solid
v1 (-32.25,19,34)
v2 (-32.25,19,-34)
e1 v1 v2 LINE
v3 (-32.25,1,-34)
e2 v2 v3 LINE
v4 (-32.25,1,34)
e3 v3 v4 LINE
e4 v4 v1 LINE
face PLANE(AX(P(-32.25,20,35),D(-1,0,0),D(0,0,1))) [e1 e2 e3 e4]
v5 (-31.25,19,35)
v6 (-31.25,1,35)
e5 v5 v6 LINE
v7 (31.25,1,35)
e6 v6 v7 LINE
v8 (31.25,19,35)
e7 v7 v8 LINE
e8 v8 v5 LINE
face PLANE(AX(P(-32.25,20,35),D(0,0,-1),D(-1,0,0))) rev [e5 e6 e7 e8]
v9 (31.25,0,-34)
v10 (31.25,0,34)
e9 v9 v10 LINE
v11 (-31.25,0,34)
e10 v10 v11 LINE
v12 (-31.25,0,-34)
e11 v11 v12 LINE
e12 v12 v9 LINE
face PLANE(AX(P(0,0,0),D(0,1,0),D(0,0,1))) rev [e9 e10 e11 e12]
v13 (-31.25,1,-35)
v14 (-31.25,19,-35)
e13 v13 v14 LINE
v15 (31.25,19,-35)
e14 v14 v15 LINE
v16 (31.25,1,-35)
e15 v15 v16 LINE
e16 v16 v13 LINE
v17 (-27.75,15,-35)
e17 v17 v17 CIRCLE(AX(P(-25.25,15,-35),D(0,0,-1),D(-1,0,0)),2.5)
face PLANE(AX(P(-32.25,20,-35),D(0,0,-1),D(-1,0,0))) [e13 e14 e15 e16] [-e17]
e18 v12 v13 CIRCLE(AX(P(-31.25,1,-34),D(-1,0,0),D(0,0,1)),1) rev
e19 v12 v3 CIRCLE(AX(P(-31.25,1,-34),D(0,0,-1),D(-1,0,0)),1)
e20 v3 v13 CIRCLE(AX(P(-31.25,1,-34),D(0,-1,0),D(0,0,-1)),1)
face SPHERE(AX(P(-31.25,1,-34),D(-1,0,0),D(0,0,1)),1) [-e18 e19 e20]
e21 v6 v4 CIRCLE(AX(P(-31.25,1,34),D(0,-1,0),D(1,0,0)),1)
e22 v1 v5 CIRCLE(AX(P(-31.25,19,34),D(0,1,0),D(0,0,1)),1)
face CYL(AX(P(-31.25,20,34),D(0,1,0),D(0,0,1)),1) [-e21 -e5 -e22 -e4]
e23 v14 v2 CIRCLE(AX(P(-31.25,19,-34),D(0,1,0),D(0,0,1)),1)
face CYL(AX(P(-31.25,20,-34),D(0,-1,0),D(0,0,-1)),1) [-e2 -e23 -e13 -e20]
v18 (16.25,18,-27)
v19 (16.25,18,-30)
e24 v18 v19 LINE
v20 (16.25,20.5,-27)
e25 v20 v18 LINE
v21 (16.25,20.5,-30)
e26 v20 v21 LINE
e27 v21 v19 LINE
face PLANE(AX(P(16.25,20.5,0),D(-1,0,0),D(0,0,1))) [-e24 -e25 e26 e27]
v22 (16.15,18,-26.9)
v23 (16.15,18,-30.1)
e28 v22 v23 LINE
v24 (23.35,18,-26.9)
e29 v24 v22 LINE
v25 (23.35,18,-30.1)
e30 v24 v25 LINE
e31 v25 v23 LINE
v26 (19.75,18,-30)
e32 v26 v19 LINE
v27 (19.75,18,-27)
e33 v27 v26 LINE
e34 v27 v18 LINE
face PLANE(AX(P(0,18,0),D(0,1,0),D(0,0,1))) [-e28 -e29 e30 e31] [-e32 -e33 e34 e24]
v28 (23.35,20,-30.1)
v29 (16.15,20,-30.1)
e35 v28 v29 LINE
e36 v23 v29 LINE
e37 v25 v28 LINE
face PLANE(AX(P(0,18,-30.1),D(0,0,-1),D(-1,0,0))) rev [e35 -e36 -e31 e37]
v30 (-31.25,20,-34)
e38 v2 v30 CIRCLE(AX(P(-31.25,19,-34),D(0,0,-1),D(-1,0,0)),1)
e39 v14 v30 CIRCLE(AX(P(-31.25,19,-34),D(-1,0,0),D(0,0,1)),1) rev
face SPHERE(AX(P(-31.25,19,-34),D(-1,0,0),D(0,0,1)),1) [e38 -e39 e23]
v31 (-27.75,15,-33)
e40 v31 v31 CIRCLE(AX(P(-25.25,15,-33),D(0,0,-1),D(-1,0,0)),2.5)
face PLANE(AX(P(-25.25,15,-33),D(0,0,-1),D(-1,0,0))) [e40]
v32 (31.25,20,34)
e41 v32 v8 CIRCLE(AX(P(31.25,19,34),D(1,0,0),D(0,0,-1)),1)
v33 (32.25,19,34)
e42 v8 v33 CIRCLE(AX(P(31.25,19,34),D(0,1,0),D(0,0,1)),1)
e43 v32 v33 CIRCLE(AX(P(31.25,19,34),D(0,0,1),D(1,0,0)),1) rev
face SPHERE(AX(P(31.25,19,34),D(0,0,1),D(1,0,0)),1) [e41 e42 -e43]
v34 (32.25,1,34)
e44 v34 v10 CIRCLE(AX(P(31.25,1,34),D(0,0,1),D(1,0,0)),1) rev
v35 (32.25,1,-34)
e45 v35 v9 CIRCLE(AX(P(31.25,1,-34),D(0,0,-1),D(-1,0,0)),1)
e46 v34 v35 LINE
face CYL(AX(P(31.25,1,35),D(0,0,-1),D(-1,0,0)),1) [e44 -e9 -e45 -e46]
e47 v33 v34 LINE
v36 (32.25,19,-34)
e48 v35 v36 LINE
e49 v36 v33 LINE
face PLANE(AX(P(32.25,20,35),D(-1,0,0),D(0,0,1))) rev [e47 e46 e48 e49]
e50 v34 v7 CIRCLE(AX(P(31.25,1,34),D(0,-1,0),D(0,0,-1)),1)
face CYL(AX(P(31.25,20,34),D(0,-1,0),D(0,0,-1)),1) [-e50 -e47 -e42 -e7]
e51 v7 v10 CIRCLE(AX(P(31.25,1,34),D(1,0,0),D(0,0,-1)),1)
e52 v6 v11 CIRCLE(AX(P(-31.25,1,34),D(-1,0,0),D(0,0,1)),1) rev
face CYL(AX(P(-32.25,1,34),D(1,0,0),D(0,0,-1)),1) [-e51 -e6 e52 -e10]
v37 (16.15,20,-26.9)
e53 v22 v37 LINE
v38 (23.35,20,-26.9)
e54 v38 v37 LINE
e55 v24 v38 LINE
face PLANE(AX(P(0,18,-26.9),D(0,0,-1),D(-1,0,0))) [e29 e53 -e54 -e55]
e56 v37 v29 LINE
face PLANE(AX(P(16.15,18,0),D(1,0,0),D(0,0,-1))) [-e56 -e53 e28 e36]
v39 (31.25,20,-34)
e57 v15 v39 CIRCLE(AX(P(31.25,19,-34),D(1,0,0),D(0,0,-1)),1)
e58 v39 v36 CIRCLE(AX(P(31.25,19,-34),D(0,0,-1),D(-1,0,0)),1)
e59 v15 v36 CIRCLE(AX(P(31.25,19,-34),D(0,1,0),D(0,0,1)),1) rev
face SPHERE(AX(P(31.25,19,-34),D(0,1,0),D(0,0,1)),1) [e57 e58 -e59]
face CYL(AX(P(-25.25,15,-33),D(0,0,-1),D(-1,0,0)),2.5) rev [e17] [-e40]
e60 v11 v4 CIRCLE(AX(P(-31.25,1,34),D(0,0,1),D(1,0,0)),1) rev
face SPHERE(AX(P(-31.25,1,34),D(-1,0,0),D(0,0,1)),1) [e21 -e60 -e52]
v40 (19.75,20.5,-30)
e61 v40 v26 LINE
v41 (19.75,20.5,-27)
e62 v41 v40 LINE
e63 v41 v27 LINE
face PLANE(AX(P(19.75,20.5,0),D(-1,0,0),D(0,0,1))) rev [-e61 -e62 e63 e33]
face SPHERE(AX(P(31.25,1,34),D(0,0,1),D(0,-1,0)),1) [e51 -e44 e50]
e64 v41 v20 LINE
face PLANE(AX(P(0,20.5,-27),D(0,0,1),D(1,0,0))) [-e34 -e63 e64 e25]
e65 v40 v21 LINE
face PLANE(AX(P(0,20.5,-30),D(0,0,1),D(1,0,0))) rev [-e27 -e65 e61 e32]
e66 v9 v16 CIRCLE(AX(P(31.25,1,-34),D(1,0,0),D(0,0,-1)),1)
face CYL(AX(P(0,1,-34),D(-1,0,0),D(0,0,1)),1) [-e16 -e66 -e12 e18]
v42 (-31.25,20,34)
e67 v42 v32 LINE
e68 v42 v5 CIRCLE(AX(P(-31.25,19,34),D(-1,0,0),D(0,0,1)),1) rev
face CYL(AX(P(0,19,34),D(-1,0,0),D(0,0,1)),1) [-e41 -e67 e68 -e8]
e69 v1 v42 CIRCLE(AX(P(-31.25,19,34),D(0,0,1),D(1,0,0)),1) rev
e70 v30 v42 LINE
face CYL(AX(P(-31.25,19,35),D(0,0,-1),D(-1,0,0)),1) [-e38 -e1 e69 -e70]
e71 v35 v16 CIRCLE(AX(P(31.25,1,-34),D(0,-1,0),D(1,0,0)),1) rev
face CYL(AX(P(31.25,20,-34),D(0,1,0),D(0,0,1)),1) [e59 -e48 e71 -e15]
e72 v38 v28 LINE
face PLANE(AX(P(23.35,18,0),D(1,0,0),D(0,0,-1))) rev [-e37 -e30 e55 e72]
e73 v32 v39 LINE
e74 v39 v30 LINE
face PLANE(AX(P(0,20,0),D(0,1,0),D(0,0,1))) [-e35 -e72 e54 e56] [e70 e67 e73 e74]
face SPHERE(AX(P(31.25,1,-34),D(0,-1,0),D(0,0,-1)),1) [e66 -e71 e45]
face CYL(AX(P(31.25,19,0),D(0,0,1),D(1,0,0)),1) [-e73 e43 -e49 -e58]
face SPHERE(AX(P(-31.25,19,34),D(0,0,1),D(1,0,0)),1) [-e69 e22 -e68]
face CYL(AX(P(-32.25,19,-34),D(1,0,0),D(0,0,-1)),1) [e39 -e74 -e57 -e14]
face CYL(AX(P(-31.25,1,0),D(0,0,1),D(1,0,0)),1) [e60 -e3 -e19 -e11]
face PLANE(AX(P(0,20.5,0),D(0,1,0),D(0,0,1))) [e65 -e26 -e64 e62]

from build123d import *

# Parameters (mm, degrees)
SKETCH_1_W          = 64.5
SKETCH_1_H          = 70
EXTRUDE_1_DEPTH     = 20
FILLET_1_R          = 1
CUT_EXTRUDE_START   = 20
SKETCH_1_9_W        = 7.2
SKETCH_1_9_H        = 3.2
CUT_EXTRUDE_1_DEPTH = 2
EXTRUDE_START       = 18
SKETCH_1_10_W       = 3.5
SKETCH_1_10_H       = 3
EXTRUDE_2_DEPTH     = 2.5
SKETCH_2_R          = 2.5
CUT_EXTRUDE_2_DEPTH = 2


with BuildPart() as part:
    # 草图1 → 凸台-拉伸1 (new body)
    with BuildSketch(Plane(origin=(0, 0, 0), x_dir=(1, 0, 0), z_dir=(0, 1, 0))):
        Rectangle(SKETCH_1_W, SKETCH_1_H)
    extrude(amount=EXTRUDE_1_DEPTH)

    # 圆角1
    fillet_1_edges = [part.edges().sort_by_distance(p)[0] for p in [
        (0, 20, -35),
        (-32.25, 20, 0),
        (0, 20, 35),
        (-32.25, 0, 0),
        (0, 0, -35),
        (32.25, 0, 0),
        (0, 0, 35),
        (-32.25, 10, 35),
        (-32.25, 10, -35),
        (32.25, 10, -35),
        (32.25, 10, 35),
        (32.25, 20, 0),
    ]]
    fillet(fillet_1_edges, radius=FILLET_1_R)

    # 草图1<9> → 切除-拉伸1 (cut)
    with BuildSketch(Plane(origin=(0, 0, 0), x_dir=(1, 0, 0), z_dir=(0, 1, 0)).offset(CUT_EXTRUDE_START)):
        with Locations((19.75, 28.5)):
            Rectangle(SKETCH_1_9_W, SKETCH_1_9_H)
    extrude(amount=-CUT_EXTRUDE_1_DEPTH, mode=Mode.SUBTRACT)

    # 草图1<10> → 凸台-拉伸2 (add)
    with BuildSketch(Plane(origin=(0, 0, 0), x_dir=(1, 0, 0), z_dir=(0, 1, 0)).offset(EXTRUDE_START)):
        with Locations((18, 28.5)):
            Rectangle(SKETCH_1_10_W, SKETCH_1_10_H)
    extrude(amount=EXTRUDE_2_DEPTH)

    # 草图2 → 切除-拉伸2 (cut)
    with BuildSketch(Plane(origin=(0, 0, -35), x_dir=(-1, 0, 0), z_dir=(0, 0, -1))):
        with Locations((25.25, 15)):
            Circle(SKETCH_2_R)
    extrude(amount=-CUT_EXTRUDE_2_DEPTH, mode=Mode.SUBTRACT)


solid = part.part
